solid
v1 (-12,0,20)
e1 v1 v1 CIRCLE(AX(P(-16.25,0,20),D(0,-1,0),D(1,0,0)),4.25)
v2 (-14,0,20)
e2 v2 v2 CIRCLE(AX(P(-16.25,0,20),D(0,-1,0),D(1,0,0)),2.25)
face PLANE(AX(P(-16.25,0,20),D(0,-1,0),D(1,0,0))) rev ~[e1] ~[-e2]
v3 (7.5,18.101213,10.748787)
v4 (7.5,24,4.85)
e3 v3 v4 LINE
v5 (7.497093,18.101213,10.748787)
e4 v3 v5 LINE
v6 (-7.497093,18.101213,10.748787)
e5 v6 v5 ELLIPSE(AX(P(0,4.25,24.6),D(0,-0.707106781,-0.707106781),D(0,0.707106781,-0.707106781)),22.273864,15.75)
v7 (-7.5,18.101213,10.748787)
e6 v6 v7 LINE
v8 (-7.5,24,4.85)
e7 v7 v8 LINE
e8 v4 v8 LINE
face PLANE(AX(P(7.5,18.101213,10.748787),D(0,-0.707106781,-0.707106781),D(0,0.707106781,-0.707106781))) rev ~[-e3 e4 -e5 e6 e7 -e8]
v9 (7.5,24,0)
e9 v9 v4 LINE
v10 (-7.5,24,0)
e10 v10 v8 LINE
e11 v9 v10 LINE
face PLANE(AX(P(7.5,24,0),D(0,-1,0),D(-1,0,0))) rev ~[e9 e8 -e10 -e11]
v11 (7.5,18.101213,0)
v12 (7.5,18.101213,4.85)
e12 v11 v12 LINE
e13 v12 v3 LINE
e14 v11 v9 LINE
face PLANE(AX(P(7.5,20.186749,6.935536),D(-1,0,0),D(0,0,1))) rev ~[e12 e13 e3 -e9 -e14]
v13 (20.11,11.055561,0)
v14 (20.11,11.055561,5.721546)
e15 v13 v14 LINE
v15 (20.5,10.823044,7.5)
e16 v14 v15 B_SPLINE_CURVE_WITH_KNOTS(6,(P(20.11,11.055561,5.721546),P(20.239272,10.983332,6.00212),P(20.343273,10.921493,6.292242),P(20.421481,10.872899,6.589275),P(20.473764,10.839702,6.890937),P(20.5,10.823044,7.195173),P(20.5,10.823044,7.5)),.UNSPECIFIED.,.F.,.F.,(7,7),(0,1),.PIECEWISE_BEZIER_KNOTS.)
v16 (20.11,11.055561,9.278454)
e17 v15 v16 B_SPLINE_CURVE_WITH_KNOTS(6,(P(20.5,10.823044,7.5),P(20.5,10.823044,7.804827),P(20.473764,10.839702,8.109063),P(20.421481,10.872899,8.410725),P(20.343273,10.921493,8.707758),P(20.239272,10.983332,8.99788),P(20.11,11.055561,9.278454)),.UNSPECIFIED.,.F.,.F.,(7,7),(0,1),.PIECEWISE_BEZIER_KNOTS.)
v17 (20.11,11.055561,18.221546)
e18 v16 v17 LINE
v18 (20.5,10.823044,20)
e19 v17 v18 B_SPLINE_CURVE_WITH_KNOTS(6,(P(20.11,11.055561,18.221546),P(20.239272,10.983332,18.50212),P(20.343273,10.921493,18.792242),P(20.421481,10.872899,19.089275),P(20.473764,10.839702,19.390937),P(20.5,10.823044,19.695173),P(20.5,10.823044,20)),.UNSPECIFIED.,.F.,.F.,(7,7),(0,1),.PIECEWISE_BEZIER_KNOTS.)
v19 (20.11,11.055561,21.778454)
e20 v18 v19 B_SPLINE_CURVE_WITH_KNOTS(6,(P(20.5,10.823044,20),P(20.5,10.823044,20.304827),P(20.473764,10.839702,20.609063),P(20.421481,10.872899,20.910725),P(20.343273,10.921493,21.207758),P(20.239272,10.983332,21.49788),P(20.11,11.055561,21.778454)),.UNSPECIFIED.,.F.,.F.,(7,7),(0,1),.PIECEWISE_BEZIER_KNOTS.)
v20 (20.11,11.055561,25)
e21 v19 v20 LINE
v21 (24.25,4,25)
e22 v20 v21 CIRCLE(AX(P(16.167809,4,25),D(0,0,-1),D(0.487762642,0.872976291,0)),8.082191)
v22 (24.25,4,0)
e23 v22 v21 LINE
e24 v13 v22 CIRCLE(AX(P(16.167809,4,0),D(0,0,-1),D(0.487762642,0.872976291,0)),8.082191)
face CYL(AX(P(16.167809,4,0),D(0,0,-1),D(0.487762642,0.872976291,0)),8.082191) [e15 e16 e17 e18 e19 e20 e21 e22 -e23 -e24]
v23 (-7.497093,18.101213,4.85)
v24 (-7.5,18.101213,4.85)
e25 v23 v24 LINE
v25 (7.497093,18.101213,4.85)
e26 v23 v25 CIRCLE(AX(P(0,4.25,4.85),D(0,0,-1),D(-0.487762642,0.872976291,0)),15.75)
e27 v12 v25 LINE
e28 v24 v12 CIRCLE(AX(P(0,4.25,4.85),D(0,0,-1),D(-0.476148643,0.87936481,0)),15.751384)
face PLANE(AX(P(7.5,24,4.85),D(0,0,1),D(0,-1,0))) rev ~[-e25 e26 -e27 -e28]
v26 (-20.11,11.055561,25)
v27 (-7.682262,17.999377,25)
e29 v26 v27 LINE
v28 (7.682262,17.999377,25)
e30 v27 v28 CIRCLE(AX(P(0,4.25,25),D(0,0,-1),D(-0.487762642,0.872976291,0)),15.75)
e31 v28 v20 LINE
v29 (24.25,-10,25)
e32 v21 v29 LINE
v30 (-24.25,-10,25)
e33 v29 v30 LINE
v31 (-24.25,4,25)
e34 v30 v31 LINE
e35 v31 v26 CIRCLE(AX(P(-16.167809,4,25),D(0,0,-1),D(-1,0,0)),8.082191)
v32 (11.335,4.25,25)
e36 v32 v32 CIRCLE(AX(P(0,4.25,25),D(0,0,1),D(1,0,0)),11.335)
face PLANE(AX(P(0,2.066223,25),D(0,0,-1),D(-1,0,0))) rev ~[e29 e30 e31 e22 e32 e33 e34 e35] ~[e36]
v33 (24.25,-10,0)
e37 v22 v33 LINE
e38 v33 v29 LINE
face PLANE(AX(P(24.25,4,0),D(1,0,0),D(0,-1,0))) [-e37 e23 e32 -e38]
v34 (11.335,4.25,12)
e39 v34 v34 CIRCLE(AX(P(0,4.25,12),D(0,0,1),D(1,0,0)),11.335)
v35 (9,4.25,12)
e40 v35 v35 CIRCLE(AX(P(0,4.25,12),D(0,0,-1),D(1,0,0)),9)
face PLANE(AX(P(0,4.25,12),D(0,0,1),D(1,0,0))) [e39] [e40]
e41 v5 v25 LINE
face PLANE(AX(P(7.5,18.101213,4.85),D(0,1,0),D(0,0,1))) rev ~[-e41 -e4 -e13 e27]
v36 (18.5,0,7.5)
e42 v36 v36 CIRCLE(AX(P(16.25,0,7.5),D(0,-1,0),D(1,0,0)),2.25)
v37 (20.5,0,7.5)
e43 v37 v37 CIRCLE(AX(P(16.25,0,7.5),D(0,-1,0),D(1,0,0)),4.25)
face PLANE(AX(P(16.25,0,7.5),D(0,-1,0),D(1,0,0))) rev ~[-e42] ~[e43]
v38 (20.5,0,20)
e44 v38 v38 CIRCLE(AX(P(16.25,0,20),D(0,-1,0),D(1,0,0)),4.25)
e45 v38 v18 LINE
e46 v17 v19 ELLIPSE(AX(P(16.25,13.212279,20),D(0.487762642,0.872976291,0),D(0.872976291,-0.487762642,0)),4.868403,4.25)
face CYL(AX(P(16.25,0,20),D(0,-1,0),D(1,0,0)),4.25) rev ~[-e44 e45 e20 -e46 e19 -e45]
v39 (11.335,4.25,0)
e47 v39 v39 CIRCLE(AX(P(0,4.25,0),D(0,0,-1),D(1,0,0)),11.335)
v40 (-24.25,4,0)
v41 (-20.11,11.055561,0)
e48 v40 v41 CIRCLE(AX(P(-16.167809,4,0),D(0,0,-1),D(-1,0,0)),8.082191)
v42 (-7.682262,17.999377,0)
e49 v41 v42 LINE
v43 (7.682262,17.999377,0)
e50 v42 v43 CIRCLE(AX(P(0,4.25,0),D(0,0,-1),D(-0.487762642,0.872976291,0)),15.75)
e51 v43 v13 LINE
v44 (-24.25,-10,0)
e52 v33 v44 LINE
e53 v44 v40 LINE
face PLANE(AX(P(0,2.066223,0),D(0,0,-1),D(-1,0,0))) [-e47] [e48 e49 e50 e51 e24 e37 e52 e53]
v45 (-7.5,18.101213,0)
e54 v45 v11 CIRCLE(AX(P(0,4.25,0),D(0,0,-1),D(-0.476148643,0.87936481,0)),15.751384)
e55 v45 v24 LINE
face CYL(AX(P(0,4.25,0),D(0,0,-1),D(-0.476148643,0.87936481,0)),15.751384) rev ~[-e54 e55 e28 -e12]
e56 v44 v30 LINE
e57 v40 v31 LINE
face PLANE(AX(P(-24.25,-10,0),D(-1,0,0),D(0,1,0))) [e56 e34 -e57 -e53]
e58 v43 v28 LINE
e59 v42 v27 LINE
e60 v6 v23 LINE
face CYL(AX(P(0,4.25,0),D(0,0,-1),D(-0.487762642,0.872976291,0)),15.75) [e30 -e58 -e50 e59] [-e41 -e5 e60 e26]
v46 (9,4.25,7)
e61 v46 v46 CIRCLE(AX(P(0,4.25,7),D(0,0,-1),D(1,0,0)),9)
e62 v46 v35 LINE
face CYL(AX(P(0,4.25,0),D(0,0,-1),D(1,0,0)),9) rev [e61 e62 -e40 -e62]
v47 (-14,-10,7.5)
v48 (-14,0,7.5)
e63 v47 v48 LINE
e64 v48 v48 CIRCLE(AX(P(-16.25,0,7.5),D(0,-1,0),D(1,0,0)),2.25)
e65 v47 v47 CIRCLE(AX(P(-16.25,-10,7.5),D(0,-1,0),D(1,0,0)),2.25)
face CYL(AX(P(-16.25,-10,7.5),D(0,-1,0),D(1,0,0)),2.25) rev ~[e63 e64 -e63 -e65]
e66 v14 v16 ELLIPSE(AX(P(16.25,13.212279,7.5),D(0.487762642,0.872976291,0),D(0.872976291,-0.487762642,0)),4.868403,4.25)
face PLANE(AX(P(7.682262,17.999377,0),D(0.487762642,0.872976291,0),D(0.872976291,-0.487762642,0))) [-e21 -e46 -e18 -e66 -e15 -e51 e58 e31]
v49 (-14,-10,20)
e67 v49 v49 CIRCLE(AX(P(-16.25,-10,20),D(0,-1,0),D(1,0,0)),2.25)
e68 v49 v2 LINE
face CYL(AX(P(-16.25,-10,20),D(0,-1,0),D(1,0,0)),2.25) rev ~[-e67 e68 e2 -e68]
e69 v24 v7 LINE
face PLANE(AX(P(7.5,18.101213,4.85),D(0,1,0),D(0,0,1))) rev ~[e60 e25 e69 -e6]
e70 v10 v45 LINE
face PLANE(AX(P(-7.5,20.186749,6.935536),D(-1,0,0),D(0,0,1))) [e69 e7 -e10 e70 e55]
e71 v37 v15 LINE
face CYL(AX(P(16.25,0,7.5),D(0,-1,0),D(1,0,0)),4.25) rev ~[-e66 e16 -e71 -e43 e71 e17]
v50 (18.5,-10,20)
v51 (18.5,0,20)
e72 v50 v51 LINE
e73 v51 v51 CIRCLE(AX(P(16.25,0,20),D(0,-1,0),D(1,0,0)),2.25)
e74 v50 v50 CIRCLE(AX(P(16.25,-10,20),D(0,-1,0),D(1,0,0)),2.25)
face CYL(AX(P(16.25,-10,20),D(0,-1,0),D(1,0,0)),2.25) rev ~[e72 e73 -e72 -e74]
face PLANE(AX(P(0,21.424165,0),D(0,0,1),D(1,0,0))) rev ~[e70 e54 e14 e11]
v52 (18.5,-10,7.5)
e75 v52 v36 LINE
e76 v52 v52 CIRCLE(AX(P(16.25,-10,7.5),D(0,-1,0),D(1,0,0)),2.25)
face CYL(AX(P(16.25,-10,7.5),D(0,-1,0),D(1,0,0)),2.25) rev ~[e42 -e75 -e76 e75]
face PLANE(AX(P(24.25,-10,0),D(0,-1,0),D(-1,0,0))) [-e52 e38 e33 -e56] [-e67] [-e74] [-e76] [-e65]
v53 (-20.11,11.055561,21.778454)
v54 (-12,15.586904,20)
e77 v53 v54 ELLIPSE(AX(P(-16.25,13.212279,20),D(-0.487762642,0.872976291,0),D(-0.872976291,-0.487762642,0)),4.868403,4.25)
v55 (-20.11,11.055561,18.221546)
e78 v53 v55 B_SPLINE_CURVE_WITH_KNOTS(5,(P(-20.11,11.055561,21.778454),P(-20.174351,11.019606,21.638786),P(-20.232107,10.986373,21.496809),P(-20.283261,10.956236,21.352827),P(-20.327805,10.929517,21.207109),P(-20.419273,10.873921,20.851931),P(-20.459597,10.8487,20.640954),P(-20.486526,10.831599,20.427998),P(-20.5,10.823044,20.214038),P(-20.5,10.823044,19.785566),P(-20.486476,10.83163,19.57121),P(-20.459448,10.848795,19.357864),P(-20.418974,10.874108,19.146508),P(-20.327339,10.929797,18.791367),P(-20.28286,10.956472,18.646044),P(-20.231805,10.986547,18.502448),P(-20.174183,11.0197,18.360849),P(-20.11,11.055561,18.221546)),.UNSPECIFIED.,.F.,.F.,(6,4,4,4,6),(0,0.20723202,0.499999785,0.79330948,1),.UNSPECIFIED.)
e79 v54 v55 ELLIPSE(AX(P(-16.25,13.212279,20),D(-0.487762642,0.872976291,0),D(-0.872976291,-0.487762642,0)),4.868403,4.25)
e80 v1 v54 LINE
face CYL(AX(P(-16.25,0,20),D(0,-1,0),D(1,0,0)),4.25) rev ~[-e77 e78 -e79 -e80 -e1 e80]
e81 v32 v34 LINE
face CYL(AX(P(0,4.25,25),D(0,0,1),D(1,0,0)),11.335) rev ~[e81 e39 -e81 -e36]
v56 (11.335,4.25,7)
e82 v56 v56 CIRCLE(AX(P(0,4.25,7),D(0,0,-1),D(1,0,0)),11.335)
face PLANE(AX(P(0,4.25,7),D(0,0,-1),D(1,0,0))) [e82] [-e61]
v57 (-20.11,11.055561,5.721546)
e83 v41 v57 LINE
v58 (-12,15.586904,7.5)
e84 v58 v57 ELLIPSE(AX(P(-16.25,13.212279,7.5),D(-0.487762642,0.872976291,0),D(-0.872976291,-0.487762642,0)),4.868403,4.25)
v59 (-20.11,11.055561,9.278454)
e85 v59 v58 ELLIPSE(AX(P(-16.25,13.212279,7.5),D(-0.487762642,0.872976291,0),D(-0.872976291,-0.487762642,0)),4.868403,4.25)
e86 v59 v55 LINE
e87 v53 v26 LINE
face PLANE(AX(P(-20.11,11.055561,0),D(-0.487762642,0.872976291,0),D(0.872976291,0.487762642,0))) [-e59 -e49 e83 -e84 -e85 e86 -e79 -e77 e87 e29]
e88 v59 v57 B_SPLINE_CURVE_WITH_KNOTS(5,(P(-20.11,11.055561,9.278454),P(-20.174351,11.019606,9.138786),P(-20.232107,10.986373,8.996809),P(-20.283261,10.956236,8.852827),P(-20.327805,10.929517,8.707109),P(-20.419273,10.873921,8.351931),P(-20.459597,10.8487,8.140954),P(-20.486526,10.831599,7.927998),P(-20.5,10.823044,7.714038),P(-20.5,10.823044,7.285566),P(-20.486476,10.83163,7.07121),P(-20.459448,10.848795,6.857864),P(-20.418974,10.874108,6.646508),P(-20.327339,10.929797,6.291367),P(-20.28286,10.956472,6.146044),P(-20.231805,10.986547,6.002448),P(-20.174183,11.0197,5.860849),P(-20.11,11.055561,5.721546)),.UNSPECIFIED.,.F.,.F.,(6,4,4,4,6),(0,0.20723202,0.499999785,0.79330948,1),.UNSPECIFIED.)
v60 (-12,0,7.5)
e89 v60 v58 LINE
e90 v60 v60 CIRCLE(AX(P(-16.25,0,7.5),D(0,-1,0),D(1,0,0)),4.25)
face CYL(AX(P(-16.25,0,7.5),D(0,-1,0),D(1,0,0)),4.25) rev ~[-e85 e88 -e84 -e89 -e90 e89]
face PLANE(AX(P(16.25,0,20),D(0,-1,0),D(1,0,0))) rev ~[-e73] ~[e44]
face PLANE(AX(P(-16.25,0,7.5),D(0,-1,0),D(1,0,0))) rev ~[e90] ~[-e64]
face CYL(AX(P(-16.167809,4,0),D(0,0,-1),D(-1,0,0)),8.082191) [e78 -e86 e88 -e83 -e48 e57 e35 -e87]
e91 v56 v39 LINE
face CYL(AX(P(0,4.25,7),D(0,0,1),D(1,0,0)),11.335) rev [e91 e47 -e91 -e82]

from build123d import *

# Parameters (mm, degrees)
SKETCH1_R           = 9
BOSS_EXTRUDE1_DEPTH = 25
SKETCH2_R           = 11.335
CUT_EXTRUDE1_DEPTH  = 13
CUT_EXTRUDE2_START  = -7
SKETCH3_R           = 11.335
CUT_EXTRUDE2_DEPTH  = 7
BOSS_EXTRUDE2_DEPTH = 4.85
BOSS_EXTRUDE3_DEPTH = 15
SKETCH6_R           = 2.25
CUT_EXTRUDE3_DEPTH  = 49.673016138
SKETCH7_R           = 4.25
CUT_EXTRUDE4_DEPTH  = 43.297310789


with BuildPart() as part:
    # Sketch1 → Boss-Extrude1 (new body)
    with BuildSketch(Plane.XY):
        with BuildLine():
            Line((24.25, 4), (24.25, -10))
            Line((24.25, -10), (-24.25, -10))
            Line((-24.25, -10), (-24.25, 4))
            ThreePointArc((-24.25, 4), (-23.13858198, 8.090248735), (-20.11, 11.055560845))
            Line((-20.11, 11.055560845), (-7.682261614, 17.999376585))
            ThreePointArc((-7.682261614, 17.999376585), (0, 20), (7.682261614, 17.999376585))
            Line((7.682261614, 17.999376585), (20.11, 11.055560845))
            ThreePointArc((20.11, 11.055560845), (23.13858198, 8.090248735), (24.25, 4))
        make_face()
        with Locations((0, 4.25)):
            Circle(SKETCH1_R, mode=Mode.SUBTRACT)
    extrude(amount=BOSS_EXTRUDE1_DEPTH)

    # Sketch2 → Cut-Extrude1 (cut)
    with BuildSketch(Plane.XY.offset(25)):
        with Locations((0, 4.25)):
            Circle(SKETCH2_R)
    extrude(amount=-CUT_EXTRUDE1_DEPTH, mode=Mode.SUBTRACT)

    # Sketch3 → Cut-Extrude2 (cut)
    with BuildSketch(Plane(origin=(0, 0, 0), x_dir=(-1, 0, 0), z_dir=(0, 0, -1)).offset(CUT_EXTRUDE2_START)):
        with Locations(Location((0, 4.25, 0), (0, 0, 180))):
            Circle(SKETCH3_R)
    extrude(amount=CUT_EXTRUDE2_DEPTH, mode=Mode.SUBTRACT)



with BuildPart() as body_2:
    # Sketch4 → Boss-Extrude2 (new body)
    with BuildSketch(Plane(origin=(0, 0, 0), x_dir=(-1, 0, 0), z_dir=(0, 0, -1))):
        with BuildLine():
            Line((-7.5, 18.101212577), (-7.5, 24))
            Line((-7.5, 24), (7.5, 24))
            Line((7.5, 24), (7.5, 18.101212577))
            ThreePointArc((7.5, 18.101212577), (0, 20.001383744), (-7.5, 18.101212577))
        make_face()
    extrude(amount=-BOSS_EXTRUDE2_DEPTH)


with BuildPart() as part_1:
    add(part.part)

    add(body_2.part)  # Boss-Extrude3 merges body 2
    # Sketch5 → Boss-Extrude3 (add)
    with BuildSketch(Plane(origin=(7.5, 0, 0), x_dir=(0, 0, -1), z_dir=(1, 0, 0))):
        Polygon((-4.85, 24), (-4.85, 18.101212577), (-10.748787423, 18.101212577), align=None)
    extrude(amount=-BOSS_EXTRUDE3_DEPTH)

    # Sketch6 → Cut-Extrude3 (cut, through all)
    with BuildSketch(Plane.XZ.offset(10)):
        with Locations((-16.25, 20)):
            Circle(SKETCH6_R)
        with Locations((16.25, 20)):
            Circle(SKETCH6_R)
        with Locations((16.25, 7.5)):
            Circle(SKETCH6_R)
        with Locations((-16.25, 7.5)):
            Circle(SKETCH6_R)
    extrude(amount=-CUT_EXTRUDE3_DEPTH, mode=Mode.SUBTRACT)

    # Sketch7 → Cut-Extrude4 (cut, through all)
    with BuildSketch(Plane(origin=(0, 0, 0), x_dir=(-1, 0, 0), z_dir=(0, -1, 0))):
        with Locations(Location((16.25, -20, 0), (0, 0, 180))):
            Circle(SKETCH7_R)
        with Locations(Location((16.25, -7.5, 0), (0, 0, 180))):
            Circle(SKETCH7_R)
        with Locations(Location((-16.25, -7.5, 0), (0, 0, 180))):
            Circle(SKETCH7_R)
        with Locations(Location((-16.25, -20, 0), (0, 0, 180))):
            Circle(SKETCH7_R)
    extrude(amount=-CUT_EXTRUDE4_DEPTH, mode=Mode.SUBTRACT)


solid = part_1.part
